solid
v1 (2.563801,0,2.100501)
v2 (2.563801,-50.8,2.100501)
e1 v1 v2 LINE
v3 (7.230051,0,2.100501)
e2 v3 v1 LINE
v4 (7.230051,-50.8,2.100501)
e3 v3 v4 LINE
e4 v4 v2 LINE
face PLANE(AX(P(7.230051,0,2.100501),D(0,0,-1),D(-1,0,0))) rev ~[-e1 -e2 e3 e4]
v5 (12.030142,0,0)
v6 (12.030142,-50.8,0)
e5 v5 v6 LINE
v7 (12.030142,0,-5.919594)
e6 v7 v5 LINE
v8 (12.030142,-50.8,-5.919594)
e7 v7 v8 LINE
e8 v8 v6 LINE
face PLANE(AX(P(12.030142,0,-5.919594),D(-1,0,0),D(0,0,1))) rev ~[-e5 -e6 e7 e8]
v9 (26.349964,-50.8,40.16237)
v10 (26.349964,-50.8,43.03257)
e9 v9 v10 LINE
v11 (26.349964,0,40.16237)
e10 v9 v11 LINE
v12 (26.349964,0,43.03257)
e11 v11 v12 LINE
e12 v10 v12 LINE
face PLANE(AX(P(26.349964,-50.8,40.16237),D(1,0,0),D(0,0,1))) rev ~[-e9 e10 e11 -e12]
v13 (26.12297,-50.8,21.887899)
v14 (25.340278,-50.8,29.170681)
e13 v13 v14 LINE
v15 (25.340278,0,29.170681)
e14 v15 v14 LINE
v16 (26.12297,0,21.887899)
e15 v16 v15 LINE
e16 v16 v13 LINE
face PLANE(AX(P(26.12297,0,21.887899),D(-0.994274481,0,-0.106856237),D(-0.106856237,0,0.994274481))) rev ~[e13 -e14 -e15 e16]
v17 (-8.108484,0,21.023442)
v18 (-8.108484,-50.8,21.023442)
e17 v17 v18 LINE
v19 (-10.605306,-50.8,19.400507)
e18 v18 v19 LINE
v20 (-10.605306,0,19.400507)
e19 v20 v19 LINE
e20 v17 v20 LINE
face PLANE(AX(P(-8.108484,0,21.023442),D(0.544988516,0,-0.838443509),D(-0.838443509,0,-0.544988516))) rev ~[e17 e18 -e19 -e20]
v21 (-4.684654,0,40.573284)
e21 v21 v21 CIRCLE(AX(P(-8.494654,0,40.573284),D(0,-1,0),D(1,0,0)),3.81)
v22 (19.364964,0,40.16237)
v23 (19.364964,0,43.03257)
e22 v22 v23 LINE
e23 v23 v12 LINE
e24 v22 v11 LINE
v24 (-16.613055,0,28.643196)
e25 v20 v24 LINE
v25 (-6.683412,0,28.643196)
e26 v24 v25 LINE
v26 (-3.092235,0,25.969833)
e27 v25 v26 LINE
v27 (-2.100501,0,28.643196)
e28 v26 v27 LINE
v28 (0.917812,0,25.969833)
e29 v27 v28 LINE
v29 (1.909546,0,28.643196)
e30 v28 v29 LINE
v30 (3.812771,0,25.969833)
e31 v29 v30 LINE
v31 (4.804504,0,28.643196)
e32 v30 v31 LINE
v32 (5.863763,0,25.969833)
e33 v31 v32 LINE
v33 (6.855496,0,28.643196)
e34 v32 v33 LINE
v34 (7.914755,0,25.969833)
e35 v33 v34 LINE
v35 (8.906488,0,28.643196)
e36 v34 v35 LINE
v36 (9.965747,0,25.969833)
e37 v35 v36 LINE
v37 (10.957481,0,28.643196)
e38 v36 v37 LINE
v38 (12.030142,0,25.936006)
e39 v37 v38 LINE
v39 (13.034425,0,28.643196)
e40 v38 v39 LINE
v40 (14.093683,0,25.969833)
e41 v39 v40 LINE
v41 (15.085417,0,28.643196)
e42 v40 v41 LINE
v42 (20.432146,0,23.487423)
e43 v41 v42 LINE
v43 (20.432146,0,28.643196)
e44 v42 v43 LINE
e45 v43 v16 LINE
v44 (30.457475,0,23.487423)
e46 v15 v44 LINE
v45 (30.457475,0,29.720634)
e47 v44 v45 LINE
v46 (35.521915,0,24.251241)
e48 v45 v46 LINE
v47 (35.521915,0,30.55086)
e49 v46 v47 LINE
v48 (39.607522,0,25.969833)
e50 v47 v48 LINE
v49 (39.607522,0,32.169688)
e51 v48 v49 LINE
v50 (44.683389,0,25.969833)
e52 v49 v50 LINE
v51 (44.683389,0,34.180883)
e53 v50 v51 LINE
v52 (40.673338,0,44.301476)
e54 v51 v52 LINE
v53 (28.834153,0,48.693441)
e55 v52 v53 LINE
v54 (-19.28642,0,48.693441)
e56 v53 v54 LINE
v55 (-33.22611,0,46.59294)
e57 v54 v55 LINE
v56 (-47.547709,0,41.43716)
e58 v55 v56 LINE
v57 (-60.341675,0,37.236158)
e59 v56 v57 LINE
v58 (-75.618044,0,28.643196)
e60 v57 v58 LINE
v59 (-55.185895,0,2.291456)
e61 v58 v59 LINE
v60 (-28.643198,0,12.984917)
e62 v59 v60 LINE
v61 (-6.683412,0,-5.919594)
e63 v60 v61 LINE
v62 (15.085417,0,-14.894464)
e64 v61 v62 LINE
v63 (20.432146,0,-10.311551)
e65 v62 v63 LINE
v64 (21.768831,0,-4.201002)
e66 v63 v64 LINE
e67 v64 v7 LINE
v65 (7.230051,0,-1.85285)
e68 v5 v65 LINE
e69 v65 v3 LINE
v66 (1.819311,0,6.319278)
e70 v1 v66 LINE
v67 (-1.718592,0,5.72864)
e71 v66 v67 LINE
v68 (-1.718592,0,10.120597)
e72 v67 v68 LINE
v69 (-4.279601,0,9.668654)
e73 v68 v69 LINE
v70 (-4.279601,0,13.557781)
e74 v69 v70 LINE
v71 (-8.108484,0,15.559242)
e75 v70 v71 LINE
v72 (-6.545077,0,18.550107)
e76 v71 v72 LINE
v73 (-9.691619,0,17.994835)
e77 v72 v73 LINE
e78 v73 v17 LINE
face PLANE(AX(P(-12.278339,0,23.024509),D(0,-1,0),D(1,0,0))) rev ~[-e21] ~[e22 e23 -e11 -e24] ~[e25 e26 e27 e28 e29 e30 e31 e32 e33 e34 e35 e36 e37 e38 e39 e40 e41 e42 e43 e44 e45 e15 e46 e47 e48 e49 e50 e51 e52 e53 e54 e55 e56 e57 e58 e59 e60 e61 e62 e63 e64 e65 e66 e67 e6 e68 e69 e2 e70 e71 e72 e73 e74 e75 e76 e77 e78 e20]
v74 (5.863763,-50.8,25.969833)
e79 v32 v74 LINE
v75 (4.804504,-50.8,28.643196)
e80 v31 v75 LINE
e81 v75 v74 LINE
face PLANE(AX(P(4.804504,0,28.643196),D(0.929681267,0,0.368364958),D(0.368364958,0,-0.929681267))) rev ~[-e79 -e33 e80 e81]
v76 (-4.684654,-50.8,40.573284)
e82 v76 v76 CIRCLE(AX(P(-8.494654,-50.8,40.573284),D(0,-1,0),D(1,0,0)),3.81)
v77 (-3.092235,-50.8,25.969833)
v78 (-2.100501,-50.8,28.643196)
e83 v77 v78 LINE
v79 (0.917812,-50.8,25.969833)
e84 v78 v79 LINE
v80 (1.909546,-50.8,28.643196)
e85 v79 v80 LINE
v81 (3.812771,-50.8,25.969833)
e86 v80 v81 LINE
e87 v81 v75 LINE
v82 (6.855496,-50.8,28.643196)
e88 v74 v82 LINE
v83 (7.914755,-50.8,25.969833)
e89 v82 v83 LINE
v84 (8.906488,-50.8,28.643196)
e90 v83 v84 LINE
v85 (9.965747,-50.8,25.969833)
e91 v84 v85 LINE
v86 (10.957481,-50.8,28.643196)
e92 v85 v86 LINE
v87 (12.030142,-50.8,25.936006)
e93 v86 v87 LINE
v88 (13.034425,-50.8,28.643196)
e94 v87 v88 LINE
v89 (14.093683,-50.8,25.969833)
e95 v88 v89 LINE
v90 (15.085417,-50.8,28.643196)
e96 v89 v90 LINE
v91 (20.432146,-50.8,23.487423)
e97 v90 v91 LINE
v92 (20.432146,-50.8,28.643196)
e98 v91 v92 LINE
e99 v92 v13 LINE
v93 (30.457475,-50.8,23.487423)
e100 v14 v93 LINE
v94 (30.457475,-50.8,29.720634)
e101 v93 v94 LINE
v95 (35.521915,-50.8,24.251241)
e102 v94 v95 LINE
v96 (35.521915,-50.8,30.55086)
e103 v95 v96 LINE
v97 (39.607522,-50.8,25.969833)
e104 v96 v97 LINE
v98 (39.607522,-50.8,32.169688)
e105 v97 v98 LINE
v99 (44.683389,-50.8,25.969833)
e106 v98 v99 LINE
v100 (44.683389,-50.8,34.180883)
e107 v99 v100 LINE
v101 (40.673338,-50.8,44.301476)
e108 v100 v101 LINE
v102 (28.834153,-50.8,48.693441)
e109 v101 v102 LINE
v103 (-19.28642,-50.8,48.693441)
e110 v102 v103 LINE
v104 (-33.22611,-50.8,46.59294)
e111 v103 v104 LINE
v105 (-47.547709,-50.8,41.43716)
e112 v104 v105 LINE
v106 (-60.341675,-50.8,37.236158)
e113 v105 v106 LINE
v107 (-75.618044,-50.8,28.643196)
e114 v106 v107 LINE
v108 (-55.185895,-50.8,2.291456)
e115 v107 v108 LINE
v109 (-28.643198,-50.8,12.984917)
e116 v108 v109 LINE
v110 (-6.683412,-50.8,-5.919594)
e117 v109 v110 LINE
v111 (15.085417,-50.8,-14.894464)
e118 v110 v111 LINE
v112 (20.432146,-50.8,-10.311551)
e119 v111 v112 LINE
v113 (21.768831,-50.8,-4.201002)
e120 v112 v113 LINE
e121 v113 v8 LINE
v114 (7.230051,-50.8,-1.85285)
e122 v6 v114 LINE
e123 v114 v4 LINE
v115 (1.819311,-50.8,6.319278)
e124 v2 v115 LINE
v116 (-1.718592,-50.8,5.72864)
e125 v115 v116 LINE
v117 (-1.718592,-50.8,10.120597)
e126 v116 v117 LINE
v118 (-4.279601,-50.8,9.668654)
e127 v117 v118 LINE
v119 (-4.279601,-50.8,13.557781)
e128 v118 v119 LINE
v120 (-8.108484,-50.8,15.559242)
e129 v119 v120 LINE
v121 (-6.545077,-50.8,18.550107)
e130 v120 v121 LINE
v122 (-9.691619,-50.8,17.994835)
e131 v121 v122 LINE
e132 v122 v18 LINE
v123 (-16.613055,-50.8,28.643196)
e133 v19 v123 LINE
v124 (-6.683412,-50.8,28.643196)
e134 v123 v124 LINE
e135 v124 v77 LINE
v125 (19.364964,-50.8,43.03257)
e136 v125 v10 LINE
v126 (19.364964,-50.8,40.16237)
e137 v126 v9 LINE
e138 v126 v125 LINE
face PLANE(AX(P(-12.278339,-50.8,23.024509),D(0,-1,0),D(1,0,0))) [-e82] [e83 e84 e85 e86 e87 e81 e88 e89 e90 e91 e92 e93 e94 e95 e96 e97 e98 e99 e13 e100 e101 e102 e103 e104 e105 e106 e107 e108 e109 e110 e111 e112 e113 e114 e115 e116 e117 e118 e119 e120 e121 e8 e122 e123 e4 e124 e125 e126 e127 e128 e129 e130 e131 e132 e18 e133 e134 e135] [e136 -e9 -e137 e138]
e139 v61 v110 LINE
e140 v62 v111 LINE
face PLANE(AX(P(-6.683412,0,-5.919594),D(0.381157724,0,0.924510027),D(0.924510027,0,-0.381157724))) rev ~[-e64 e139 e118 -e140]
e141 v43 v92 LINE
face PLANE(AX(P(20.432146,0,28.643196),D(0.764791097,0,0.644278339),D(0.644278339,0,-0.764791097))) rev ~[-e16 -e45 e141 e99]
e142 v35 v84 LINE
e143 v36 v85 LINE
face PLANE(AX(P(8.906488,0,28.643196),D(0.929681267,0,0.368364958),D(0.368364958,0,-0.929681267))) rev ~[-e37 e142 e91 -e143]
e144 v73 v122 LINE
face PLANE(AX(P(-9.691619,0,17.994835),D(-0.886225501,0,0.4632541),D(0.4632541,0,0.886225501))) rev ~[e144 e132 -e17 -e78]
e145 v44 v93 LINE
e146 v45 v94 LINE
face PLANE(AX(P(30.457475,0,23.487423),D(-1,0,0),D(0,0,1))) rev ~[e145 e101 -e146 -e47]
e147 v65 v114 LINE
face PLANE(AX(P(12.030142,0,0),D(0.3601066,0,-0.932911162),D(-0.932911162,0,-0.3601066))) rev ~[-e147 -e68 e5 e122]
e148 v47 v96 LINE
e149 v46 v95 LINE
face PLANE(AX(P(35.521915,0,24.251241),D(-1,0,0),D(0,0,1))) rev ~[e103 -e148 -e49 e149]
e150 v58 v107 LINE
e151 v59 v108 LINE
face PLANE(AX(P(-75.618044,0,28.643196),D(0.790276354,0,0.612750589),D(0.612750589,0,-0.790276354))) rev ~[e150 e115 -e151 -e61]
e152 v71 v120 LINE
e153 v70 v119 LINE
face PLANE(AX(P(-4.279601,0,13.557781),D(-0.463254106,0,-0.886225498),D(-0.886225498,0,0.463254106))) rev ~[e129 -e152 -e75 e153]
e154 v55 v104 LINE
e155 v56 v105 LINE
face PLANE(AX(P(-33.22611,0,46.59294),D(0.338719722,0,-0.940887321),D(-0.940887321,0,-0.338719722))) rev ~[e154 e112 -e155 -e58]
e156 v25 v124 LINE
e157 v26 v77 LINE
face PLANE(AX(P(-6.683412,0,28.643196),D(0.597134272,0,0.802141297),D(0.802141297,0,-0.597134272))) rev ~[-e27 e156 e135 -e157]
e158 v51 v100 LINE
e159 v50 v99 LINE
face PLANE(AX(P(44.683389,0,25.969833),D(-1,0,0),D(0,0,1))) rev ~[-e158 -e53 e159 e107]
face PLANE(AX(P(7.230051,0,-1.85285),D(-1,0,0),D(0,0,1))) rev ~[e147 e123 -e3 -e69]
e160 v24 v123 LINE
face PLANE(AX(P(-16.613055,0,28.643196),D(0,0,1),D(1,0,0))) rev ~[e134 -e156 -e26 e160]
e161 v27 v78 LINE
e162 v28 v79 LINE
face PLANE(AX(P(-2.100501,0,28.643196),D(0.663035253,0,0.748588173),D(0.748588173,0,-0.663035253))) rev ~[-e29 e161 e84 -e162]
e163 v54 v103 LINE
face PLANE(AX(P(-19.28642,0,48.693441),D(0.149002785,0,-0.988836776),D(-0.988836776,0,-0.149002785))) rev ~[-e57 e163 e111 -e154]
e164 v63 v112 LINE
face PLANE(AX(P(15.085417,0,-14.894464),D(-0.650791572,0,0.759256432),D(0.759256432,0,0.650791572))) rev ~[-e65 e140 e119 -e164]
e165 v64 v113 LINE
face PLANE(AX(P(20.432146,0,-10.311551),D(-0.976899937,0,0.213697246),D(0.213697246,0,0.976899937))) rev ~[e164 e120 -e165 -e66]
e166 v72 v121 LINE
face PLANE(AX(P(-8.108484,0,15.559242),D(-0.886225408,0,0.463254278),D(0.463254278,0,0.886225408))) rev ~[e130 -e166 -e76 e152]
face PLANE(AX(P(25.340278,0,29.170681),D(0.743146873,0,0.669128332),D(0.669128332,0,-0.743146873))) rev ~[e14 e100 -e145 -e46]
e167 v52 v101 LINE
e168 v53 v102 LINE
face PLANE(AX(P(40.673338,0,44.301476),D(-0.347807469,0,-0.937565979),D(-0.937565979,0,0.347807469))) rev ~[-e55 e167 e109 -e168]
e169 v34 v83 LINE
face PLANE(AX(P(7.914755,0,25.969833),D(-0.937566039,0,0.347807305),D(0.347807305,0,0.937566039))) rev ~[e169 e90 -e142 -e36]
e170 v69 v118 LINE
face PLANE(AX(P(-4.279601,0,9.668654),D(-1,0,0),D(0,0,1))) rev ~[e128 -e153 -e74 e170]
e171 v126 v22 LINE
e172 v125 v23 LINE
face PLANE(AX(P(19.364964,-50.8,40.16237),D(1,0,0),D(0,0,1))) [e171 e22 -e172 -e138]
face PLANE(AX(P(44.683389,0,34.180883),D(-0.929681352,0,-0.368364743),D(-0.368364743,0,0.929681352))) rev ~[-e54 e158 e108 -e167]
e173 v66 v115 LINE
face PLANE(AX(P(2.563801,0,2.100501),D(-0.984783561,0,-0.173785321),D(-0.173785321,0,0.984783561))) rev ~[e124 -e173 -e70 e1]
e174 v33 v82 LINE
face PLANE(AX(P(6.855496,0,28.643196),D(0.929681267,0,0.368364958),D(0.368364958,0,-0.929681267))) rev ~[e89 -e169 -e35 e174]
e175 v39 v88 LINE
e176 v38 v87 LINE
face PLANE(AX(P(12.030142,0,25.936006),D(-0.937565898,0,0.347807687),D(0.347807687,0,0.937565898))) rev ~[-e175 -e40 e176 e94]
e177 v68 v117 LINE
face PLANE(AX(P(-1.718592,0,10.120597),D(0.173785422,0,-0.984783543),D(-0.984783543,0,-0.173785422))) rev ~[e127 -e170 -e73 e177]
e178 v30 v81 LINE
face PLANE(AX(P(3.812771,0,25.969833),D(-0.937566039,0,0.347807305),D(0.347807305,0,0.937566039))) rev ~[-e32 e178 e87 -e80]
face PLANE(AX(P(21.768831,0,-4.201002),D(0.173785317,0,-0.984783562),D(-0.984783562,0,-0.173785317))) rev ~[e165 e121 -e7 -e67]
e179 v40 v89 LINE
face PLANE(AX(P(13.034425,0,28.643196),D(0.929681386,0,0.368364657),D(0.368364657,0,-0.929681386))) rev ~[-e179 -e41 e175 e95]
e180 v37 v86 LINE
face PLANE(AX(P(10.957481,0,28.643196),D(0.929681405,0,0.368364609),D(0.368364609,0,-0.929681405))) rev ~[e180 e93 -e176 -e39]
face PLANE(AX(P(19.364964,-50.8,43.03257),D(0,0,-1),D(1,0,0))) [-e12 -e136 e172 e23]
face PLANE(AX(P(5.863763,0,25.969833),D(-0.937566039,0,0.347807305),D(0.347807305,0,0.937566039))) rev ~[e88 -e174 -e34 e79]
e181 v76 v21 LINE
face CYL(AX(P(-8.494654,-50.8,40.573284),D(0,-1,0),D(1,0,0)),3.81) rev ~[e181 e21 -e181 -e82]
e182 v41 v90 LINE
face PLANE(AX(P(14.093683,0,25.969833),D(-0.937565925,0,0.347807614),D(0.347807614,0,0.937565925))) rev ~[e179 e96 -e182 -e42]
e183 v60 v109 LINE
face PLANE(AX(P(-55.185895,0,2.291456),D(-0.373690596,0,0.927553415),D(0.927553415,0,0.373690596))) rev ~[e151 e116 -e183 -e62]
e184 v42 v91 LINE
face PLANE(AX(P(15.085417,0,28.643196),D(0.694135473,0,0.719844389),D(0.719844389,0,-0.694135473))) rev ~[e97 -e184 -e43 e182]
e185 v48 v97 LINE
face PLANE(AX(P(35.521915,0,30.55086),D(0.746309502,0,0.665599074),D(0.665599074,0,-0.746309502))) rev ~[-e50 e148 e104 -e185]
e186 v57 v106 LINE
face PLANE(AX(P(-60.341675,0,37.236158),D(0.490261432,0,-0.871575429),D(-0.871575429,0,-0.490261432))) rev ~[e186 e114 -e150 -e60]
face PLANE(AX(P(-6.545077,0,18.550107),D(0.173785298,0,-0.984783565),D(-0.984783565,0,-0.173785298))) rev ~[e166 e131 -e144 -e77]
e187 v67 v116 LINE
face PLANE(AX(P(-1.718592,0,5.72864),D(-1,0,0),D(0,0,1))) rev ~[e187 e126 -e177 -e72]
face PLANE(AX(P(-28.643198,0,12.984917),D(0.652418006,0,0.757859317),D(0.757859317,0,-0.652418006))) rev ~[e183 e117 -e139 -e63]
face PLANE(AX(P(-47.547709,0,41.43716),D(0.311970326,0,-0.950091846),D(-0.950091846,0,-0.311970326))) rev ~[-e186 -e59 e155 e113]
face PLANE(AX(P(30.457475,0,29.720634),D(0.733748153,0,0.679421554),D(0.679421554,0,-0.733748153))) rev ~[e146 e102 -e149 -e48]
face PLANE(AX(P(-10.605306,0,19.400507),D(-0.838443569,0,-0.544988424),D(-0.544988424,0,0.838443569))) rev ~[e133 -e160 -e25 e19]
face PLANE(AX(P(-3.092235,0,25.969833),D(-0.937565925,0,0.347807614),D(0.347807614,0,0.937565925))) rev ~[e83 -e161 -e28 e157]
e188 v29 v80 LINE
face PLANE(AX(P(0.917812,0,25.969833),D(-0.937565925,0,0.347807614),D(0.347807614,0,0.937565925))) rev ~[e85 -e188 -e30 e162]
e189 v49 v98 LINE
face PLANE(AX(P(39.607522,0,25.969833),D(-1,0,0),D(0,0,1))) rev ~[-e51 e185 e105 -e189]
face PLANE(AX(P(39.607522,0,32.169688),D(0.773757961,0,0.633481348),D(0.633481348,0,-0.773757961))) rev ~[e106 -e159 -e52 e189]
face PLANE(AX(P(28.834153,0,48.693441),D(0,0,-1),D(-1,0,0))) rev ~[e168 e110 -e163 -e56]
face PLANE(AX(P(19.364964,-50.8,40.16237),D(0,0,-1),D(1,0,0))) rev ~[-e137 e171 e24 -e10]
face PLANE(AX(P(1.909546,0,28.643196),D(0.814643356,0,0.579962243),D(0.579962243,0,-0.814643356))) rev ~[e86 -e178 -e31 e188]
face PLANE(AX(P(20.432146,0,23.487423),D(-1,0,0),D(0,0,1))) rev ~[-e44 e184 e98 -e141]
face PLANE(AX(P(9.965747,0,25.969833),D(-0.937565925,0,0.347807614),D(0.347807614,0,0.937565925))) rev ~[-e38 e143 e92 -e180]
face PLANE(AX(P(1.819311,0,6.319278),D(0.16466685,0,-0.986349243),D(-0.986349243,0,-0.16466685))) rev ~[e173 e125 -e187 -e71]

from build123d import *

# Parameters (mm, degrees)
F1_DEPTH = 50.8
F2_W     = 6.985
F2_H     = 2.8702
F3_DEPTH = 50.8
F4_R     = 3.81
F5_DEPTH = 50.8


with BuildPart() as f1:
    # F0 (on Front) → F1 (new body)
    with BuildSketch(Plane.XZ):
        Polygon((-33.22611, 46.59294), (-47.547709, 41.43716), (-60.341675, 37.236158), (-75.618044, 28.643196), (-55.185895, 2.291456), (-28.643198, 12.984917), (-6.683412, -5.919594), (15.085417, -14.894464), (20.432146, -10.311551), (12.030142, -5.919594), (7.230051, -1.85285), (2.563801, 2.100501), (-1.718592, 5.72864), (-4.279601, 9.668654), (-8.108484, 15.559242), (-9.691619, 17.994835), (-10.605306, 19.400507), (-16.613055, 28.643196), (-6.683412, 28.643196), (-2.100501, 28.643196), (1.909546, 28.643196), (4.804504, 28.643196), (6.855496, 28.643196), (8.906488, 28.643196), (10.957481, 28.643196), (13.034425, 28.643196), (15.085417, 28.643196), (20.432146, 28.643196), (25.340278, 29.170681), (30.457475, 29.720634), (34.531654, 30.158492), (35.521915, 30.55086), (39.607522, 32.169688), (44.683389, 34.180883), (40.673338, 44.301476), (28.834153, 48.693441), (-19.28642, 48.693441), align=None)
        Polygon((44.683389, 25.969833), (44.683389, 34.180883), (39.607522, 32.169688), align=None)
        Polygon((39.607522, 25.969833), (39.607522, 32.169688), (35.521915, 30.55086), align=None)
        Polygon((35.521915, 24.251241), (35.521915, 30.55086), (34.531654, 30.158492), (30.457475, 29.720634), align=None)
        Polygon((12.030142, -5.919594), (20.432146, -10.311551), (21.768831, -4.201002), align=None)
        Polygon((7.230051, -1.85285), (12.030142, -5.919594), (12.030142, 0), align=None)
        Polygon((30.457475, 23.487423), (30.457475, 29.720634), (25.340278, 29.170681), align=None)
        Polygon((2.563801, 2.100501), (7.230051, -1.85285), (7.230051, 2.100501), align=None)
        Polygon((26.12297, 21.887899), (25.340278, 29.170681), (20.432146, 28.643196), align=None)
        Polygon((-1.718592, 5.72864), (2.563801, 2.100501), (1.819311, 6.319278), align=None)
        Polygon((20.432146, 23.487423), (20.432146, 28.643196), (15.085417, 28.643196), align=None)
        Polygon((-4.279601, 9.668654), (-1.718592, 5.72864), (-1.718592, 10.120597), align=None)
        Polygon((14.093683, 25.969833), (15.085417, 28.643196), (13.034425, 28.643196), align=None)
        Polygon((-8.108484, 15.559242), (-4.279601, 9.668654), (-4.279601, 13.557781), align=None)
        Polygon((12.030142, 25.936006), (13.034425, 28.643196), (10.957481, 28.643196), align=None)
        Polygon((-9.691619, 17.994835), (-8.108484, 15.559242), (-6.545077, 18.550107), align=None)
        Polygon((9.965747, 25.969833), (10.957481, 28.643196), (8.906488, 28.643196), align=None)
        Polygon((-10.605306, 19.400507), (-9.691619, 17.994835), (-8.108484, 21.023442), align=None)
        Polygon((7.914755, 25.969833), (8.906488, 28.643196), (6.855496, 28.643196), align=None)
        Polygon((5.863763, 25.969833), (6.855496, 28.643196), (4.804504, 28.643196), align=None)
        Polygon((3.812771, 25.969833), (4.804504, 28.643196), (1.909546, 28.643196), align=None)
        Polygon((-2.100501, 28.643196), (-6.683412, 28.643196), (-3.092235, 25.969833), align=None)
        Polygon((0.917812, 25.969833), (1.909546, 28.643196), (-2.100501, 28.643196), align=None)
    extrude(amount=F1_DEPTH)

    # F2 (on face) → F3 (cut)
    with BuildSketch(Plane.XZ.offset(50.8)):
        with Locations((22.857464, 41.59747)):
            Rectangle(F2_W, F2_H)
    extrude(amount=-F3_DEPTH, mode=Mode.SUBTRACT)

    # F4 (on face) → F5 (cut)
    with BuildSketch(Plane.XZ.offset(50.8)):
        with Locations((-8.494654, 40.573284)):
            Circle(F4_R)
    extrude(amount=-F5_DEPTH, mode=Mode.SUBTRACT)


solid = f1.part
